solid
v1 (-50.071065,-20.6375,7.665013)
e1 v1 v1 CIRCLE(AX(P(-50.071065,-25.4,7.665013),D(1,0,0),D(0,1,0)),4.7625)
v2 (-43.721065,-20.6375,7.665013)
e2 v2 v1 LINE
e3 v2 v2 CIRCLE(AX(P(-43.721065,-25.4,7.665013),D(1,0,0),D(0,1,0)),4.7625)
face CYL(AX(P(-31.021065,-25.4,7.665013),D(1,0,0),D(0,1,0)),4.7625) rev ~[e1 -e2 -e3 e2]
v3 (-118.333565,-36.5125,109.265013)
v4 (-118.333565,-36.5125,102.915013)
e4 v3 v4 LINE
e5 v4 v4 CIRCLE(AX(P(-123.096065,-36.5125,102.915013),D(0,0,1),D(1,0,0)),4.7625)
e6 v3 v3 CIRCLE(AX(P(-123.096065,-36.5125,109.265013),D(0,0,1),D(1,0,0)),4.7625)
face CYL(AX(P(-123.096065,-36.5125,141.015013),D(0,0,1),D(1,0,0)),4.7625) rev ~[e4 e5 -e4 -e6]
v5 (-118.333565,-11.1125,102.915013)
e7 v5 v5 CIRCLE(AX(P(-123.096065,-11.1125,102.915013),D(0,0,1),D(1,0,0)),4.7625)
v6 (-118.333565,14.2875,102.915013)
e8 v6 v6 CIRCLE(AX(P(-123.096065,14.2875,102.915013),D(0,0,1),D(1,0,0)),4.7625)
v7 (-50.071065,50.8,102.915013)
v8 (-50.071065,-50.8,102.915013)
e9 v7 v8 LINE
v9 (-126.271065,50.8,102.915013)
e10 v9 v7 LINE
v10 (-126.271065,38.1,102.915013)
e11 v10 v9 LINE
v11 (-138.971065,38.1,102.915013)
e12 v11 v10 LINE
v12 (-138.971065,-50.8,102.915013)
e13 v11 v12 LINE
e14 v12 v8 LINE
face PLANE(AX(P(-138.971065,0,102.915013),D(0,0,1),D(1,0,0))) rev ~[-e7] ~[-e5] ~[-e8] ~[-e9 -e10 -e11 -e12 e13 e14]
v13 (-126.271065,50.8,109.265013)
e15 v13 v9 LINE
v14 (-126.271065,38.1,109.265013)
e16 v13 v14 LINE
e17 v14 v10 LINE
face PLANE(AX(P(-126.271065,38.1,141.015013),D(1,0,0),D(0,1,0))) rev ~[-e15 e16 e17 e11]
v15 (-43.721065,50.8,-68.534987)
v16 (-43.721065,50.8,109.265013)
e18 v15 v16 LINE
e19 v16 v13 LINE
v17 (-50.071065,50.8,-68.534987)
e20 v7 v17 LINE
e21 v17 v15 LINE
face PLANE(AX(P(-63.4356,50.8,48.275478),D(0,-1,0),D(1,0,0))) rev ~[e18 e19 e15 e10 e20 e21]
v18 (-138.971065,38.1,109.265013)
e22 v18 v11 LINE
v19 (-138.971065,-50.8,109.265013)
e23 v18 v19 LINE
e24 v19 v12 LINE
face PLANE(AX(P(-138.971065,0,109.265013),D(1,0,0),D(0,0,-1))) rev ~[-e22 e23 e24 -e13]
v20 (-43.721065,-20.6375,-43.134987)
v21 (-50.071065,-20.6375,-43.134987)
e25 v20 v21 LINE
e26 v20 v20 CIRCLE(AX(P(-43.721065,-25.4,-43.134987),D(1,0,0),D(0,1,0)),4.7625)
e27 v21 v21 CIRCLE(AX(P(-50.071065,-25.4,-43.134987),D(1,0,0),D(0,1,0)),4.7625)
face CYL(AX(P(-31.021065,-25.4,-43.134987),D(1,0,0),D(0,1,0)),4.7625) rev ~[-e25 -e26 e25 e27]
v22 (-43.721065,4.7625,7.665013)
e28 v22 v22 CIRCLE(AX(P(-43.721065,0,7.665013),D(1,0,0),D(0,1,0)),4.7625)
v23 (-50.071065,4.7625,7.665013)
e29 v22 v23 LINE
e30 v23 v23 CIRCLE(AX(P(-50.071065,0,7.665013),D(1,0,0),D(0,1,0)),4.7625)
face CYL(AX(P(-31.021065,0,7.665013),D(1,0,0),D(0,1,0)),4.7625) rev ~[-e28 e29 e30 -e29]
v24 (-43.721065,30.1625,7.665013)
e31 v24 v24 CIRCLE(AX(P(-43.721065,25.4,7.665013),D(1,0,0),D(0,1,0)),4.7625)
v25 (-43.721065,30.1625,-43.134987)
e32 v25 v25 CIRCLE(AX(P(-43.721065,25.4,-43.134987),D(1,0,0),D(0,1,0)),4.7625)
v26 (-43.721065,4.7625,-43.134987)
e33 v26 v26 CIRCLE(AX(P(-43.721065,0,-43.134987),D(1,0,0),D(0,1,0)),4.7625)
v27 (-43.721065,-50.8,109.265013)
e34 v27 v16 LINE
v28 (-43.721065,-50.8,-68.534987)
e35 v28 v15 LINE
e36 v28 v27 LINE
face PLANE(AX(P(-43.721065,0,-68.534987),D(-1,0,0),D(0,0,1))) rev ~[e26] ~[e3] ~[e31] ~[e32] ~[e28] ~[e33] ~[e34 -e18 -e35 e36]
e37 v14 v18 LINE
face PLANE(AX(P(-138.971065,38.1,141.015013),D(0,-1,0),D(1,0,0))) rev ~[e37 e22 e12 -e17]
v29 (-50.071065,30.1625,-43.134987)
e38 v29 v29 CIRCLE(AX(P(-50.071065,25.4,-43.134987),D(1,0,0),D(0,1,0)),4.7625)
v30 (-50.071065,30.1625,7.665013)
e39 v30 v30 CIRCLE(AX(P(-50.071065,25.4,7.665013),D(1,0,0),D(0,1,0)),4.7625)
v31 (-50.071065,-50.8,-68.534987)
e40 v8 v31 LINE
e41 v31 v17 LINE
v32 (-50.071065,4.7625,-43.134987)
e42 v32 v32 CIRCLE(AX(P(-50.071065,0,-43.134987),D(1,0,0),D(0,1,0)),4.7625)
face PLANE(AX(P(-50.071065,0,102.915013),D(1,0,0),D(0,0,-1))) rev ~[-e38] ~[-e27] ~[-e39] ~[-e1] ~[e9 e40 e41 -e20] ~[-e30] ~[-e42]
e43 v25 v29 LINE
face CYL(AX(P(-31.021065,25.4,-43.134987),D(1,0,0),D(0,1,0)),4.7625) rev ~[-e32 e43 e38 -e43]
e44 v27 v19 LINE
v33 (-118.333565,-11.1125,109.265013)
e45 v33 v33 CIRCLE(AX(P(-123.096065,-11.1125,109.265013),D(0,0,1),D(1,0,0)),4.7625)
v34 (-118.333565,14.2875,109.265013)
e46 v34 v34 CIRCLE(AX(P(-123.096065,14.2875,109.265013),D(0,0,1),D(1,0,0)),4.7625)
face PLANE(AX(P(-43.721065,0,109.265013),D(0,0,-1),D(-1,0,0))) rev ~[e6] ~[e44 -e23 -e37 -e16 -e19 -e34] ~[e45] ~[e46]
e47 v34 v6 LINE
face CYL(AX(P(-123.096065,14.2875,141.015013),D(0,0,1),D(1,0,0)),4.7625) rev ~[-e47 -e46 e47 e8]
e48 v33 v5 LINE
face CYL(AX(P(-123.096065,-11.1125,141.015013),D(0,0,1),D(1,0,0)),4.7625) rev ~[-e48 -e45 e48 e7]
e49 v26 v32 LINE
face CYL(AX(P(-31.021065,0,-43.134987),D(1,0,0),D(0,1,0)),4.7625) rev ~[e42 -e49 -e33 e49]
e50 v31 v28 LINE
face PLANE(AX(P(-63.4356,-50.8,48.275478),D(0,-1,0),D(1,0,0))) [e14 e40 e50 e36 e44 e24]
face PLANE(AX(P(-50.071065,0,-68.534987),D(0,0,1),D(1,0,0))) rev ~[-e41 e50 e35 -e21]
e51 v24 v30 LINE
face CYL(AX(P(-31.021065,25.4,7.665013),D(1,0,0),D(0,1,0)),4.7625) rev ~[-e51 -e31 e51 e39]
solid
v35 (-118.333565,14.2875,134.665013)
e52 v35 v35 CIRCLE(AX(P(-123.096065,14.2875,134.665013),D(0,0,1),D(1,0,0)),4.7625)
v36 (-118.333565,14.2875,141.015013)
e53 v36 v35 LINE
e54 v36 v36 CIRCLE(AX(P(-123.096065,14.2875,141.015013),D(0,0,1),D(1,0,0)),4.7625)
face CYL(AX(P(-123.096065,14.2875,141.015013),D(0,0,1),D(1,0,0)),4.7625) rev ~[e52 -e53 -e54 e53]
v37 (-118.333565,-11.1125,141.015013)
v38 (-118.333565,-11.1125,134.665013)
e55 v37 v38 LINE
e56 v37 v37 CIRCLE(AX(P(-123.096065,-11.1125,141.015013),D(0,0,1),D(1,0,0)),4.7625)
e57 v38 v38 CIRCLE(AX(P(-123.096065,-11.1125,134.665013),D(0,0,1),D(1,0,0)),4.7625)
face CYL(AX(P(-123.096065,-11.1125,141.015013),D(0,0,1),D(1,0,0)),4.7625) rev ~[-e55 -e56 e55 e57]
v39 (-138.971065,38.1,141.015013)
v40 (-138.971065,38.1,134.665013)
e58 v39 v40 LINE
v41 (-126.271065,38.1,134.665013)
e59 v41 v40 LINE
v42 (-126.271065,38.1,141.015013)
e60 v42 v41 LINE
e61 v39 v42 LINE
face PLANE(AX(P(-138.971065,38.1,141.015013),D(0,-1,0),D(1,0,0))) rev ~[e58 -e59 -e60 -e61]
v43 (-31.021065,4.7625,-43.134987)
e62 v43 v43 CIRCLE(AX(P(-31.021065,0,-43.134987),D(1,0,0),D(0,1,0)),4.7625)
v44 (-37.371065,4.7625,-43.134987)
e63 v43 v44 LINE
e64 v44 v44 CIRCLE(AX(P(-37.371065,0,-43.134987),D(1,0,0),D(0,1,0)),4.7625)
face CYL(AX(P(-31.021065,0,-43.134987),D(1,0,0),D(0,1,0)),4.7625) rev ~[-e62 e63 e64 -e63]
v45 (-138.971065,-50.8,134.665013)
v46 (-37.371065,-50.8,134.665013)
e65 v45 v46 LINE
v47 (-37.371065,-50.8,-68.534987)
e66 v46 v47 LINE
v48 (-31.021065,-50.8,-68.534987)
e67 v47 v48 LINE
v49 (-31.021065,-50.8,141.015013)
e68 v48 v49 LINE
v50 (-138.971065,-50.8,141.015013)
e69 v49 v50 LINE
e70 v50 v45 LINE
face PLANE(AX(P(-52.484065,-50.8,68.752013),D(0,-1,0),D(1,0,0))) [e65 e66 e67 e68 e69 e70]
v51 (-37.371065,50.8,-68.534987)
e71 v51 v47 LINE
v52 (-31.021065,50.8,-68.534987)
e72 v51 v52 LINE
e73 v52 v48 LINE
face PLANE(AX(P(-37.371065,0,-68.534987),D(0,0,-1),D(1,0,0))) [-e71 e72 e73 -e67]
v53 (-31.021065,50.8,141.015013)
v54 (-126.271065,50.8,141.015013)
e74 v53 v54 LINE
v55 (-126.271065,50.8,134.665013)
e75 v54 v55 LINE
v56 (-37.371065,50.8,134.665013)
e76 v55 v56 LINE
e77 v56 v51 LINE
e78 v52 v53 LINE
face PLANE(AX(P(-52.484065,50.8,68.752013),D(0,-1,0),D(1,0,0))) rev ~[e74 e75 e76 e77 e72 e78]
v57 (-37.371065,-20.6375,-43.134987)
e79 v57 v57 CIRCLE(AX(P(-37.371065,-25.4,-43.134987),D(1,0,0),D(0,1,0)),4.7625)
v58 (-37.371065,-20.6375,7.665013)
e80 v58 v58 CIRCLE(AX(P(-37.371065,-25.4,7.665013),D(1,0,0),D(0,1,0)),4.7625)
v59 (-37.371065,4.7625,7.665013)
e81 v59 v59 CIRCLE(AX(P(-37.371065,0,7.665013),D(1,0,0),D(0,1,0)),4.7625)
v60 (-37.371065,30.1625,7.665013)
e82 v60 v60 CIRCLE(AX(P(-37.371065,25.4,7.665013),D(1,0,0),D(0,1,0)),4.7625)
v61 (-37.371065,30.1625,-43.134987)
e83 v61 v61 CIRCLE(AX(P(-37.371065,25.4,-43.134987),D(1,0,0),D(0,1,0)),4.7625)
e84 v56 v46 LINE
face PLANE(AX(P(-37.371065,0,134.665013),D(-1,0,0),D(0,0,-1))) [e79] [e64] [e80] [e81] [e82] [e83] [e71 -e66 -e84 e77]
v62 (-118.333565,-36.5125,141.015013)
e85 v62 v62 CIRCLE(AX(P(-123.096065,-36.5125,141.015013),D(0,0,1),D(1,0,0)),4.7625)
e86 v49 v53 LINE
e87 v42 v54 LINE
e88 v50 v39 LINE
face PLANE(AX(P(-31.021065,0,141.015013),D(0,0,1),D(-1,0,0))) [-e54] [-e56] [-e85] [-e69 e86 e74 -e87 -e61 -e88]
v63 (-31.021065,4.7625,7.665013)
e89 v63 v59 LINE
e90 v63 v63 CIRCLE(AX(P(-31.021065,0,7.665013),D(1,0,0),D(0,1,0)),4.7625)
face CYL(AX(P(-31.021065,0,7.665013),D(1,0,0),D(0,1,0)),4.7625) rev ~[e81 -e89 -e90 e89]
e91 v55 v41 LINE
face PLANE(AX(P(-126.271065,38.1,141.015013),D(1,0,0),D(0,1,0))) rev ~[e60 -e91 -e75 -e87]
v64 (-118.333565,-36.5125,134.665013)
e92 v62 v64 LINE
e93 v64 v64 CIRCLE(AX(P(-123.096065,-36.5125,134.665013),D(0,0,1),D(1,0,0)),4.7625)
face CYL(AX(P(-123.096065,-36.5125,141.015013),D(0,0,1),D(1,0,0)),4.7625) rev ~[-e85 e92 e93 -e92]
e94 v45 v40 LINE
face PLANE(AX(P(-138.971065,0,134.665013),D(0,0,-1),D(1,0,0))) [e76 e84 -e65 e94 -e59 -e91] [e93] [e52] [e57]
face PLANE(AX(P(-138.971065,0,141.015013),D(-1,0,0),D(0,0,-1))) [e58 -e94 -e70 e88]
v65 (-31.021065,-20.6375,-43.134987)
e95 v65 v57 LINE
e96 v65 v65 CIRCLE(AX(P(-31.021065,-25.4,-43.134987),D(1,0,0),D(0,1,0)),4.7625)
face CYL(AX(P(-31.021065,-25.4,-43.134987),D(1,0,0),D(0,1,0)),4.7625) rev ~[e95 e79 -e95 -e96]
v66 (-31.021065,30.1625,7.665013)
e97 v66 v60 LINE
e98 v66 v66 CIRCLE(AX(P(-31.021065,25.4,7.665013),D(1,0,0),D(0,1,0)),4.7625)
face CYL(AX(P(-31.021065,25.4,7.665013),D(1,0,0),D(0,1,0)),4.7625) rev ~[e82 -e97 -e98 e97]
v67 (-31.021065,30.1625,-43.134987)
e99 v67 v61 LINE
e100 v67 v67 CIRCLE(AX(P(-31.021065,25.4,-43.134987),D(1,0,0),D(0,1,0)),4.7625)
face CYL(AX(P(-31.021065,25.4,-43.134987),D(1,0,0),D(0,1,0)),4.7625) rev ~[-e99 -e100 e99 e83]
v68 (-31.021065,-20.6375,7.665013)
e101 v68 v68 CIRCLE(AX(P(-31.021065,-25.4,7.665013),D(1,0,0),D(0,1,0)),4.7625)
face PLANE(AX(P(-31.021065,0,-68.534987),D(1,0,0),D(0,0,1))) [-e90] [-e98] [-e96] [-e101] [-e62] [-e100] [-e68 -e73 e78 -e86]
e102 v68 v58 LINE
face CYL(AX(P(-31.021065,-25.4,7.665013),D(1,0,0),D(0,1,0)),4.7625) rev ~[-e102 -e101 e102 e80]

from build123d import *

# Parameters (mm, degrees)
F1_DEPTH = 50.8
F2_R     = 4.7625
F3_DEPTH = 107.951
F4_R     = 4.7625
F4_W     = 12.7
F4_H     = 12.7
F5_DEPTH = 209.551


with BuildPart() as f1:
    # F0 (on Front) → F1 (new body, symmetric)
    with BuildSketch(Plane.XZ):
        Polygon((-43.721065, 109.265013), (-138.971065, 109.265013), (-138.971065, 102.915013), (-50.071065, 102.915013), (-50.071065, -68.534987), (-43.721065, -68.534987), align=None)
        Polygon((-138.971065, 134.665013), (-37.371065, 134.665013), (-37.371065, -68.534987), (-31.021065, -68.534987), (-31.021065, 141.015013), (-138.971065, 141.015013), align=None)
    extrude(amount=F1_DEPTH, both=True)

    # F2 (on face) → F3 (cut, through all)
    with BuildSketch(Plane.YZ.offset(-31.021065)):
        with Locations((-25.4, -43.134987)):
            Circle(F2_R)
        with Locations((-25.4, 7.665013)):
            Circle(F2_R)
        with Locations((0, -43.134987)):
            Circle(F2_R)
        with Locations((0, 7.665013)):
            Circle(F2_R)
        with Locations((25.4, -43.134987)):
            Circle(F2_R)
        with Locations((25.4, 7.665013)):
            Circle(F2_R)
    extrude(amount=-F3_DEPTH, mode=Mode.SUBTRACT)

    # F4 (on face) → F5 (cut, through all)
    with BuildSketch(Plane.XY.offset(141.015013)):
        with Locations((-123.096065, -36.5125)):
            Circle(F4_R)
        with Locations((-123.096065, -11.1125)):
            Circle(F4_R)
        with Locations((-123.096065, 14.2875)):
            Circle(F4_R)
        with Locations((-132.621065, 44.45)):
            Rectangle(F4_W, F4_H)
    extrude(amount=-F5_DEPTH, mode=Mode.SUBTRACT)


solid = f1.part
